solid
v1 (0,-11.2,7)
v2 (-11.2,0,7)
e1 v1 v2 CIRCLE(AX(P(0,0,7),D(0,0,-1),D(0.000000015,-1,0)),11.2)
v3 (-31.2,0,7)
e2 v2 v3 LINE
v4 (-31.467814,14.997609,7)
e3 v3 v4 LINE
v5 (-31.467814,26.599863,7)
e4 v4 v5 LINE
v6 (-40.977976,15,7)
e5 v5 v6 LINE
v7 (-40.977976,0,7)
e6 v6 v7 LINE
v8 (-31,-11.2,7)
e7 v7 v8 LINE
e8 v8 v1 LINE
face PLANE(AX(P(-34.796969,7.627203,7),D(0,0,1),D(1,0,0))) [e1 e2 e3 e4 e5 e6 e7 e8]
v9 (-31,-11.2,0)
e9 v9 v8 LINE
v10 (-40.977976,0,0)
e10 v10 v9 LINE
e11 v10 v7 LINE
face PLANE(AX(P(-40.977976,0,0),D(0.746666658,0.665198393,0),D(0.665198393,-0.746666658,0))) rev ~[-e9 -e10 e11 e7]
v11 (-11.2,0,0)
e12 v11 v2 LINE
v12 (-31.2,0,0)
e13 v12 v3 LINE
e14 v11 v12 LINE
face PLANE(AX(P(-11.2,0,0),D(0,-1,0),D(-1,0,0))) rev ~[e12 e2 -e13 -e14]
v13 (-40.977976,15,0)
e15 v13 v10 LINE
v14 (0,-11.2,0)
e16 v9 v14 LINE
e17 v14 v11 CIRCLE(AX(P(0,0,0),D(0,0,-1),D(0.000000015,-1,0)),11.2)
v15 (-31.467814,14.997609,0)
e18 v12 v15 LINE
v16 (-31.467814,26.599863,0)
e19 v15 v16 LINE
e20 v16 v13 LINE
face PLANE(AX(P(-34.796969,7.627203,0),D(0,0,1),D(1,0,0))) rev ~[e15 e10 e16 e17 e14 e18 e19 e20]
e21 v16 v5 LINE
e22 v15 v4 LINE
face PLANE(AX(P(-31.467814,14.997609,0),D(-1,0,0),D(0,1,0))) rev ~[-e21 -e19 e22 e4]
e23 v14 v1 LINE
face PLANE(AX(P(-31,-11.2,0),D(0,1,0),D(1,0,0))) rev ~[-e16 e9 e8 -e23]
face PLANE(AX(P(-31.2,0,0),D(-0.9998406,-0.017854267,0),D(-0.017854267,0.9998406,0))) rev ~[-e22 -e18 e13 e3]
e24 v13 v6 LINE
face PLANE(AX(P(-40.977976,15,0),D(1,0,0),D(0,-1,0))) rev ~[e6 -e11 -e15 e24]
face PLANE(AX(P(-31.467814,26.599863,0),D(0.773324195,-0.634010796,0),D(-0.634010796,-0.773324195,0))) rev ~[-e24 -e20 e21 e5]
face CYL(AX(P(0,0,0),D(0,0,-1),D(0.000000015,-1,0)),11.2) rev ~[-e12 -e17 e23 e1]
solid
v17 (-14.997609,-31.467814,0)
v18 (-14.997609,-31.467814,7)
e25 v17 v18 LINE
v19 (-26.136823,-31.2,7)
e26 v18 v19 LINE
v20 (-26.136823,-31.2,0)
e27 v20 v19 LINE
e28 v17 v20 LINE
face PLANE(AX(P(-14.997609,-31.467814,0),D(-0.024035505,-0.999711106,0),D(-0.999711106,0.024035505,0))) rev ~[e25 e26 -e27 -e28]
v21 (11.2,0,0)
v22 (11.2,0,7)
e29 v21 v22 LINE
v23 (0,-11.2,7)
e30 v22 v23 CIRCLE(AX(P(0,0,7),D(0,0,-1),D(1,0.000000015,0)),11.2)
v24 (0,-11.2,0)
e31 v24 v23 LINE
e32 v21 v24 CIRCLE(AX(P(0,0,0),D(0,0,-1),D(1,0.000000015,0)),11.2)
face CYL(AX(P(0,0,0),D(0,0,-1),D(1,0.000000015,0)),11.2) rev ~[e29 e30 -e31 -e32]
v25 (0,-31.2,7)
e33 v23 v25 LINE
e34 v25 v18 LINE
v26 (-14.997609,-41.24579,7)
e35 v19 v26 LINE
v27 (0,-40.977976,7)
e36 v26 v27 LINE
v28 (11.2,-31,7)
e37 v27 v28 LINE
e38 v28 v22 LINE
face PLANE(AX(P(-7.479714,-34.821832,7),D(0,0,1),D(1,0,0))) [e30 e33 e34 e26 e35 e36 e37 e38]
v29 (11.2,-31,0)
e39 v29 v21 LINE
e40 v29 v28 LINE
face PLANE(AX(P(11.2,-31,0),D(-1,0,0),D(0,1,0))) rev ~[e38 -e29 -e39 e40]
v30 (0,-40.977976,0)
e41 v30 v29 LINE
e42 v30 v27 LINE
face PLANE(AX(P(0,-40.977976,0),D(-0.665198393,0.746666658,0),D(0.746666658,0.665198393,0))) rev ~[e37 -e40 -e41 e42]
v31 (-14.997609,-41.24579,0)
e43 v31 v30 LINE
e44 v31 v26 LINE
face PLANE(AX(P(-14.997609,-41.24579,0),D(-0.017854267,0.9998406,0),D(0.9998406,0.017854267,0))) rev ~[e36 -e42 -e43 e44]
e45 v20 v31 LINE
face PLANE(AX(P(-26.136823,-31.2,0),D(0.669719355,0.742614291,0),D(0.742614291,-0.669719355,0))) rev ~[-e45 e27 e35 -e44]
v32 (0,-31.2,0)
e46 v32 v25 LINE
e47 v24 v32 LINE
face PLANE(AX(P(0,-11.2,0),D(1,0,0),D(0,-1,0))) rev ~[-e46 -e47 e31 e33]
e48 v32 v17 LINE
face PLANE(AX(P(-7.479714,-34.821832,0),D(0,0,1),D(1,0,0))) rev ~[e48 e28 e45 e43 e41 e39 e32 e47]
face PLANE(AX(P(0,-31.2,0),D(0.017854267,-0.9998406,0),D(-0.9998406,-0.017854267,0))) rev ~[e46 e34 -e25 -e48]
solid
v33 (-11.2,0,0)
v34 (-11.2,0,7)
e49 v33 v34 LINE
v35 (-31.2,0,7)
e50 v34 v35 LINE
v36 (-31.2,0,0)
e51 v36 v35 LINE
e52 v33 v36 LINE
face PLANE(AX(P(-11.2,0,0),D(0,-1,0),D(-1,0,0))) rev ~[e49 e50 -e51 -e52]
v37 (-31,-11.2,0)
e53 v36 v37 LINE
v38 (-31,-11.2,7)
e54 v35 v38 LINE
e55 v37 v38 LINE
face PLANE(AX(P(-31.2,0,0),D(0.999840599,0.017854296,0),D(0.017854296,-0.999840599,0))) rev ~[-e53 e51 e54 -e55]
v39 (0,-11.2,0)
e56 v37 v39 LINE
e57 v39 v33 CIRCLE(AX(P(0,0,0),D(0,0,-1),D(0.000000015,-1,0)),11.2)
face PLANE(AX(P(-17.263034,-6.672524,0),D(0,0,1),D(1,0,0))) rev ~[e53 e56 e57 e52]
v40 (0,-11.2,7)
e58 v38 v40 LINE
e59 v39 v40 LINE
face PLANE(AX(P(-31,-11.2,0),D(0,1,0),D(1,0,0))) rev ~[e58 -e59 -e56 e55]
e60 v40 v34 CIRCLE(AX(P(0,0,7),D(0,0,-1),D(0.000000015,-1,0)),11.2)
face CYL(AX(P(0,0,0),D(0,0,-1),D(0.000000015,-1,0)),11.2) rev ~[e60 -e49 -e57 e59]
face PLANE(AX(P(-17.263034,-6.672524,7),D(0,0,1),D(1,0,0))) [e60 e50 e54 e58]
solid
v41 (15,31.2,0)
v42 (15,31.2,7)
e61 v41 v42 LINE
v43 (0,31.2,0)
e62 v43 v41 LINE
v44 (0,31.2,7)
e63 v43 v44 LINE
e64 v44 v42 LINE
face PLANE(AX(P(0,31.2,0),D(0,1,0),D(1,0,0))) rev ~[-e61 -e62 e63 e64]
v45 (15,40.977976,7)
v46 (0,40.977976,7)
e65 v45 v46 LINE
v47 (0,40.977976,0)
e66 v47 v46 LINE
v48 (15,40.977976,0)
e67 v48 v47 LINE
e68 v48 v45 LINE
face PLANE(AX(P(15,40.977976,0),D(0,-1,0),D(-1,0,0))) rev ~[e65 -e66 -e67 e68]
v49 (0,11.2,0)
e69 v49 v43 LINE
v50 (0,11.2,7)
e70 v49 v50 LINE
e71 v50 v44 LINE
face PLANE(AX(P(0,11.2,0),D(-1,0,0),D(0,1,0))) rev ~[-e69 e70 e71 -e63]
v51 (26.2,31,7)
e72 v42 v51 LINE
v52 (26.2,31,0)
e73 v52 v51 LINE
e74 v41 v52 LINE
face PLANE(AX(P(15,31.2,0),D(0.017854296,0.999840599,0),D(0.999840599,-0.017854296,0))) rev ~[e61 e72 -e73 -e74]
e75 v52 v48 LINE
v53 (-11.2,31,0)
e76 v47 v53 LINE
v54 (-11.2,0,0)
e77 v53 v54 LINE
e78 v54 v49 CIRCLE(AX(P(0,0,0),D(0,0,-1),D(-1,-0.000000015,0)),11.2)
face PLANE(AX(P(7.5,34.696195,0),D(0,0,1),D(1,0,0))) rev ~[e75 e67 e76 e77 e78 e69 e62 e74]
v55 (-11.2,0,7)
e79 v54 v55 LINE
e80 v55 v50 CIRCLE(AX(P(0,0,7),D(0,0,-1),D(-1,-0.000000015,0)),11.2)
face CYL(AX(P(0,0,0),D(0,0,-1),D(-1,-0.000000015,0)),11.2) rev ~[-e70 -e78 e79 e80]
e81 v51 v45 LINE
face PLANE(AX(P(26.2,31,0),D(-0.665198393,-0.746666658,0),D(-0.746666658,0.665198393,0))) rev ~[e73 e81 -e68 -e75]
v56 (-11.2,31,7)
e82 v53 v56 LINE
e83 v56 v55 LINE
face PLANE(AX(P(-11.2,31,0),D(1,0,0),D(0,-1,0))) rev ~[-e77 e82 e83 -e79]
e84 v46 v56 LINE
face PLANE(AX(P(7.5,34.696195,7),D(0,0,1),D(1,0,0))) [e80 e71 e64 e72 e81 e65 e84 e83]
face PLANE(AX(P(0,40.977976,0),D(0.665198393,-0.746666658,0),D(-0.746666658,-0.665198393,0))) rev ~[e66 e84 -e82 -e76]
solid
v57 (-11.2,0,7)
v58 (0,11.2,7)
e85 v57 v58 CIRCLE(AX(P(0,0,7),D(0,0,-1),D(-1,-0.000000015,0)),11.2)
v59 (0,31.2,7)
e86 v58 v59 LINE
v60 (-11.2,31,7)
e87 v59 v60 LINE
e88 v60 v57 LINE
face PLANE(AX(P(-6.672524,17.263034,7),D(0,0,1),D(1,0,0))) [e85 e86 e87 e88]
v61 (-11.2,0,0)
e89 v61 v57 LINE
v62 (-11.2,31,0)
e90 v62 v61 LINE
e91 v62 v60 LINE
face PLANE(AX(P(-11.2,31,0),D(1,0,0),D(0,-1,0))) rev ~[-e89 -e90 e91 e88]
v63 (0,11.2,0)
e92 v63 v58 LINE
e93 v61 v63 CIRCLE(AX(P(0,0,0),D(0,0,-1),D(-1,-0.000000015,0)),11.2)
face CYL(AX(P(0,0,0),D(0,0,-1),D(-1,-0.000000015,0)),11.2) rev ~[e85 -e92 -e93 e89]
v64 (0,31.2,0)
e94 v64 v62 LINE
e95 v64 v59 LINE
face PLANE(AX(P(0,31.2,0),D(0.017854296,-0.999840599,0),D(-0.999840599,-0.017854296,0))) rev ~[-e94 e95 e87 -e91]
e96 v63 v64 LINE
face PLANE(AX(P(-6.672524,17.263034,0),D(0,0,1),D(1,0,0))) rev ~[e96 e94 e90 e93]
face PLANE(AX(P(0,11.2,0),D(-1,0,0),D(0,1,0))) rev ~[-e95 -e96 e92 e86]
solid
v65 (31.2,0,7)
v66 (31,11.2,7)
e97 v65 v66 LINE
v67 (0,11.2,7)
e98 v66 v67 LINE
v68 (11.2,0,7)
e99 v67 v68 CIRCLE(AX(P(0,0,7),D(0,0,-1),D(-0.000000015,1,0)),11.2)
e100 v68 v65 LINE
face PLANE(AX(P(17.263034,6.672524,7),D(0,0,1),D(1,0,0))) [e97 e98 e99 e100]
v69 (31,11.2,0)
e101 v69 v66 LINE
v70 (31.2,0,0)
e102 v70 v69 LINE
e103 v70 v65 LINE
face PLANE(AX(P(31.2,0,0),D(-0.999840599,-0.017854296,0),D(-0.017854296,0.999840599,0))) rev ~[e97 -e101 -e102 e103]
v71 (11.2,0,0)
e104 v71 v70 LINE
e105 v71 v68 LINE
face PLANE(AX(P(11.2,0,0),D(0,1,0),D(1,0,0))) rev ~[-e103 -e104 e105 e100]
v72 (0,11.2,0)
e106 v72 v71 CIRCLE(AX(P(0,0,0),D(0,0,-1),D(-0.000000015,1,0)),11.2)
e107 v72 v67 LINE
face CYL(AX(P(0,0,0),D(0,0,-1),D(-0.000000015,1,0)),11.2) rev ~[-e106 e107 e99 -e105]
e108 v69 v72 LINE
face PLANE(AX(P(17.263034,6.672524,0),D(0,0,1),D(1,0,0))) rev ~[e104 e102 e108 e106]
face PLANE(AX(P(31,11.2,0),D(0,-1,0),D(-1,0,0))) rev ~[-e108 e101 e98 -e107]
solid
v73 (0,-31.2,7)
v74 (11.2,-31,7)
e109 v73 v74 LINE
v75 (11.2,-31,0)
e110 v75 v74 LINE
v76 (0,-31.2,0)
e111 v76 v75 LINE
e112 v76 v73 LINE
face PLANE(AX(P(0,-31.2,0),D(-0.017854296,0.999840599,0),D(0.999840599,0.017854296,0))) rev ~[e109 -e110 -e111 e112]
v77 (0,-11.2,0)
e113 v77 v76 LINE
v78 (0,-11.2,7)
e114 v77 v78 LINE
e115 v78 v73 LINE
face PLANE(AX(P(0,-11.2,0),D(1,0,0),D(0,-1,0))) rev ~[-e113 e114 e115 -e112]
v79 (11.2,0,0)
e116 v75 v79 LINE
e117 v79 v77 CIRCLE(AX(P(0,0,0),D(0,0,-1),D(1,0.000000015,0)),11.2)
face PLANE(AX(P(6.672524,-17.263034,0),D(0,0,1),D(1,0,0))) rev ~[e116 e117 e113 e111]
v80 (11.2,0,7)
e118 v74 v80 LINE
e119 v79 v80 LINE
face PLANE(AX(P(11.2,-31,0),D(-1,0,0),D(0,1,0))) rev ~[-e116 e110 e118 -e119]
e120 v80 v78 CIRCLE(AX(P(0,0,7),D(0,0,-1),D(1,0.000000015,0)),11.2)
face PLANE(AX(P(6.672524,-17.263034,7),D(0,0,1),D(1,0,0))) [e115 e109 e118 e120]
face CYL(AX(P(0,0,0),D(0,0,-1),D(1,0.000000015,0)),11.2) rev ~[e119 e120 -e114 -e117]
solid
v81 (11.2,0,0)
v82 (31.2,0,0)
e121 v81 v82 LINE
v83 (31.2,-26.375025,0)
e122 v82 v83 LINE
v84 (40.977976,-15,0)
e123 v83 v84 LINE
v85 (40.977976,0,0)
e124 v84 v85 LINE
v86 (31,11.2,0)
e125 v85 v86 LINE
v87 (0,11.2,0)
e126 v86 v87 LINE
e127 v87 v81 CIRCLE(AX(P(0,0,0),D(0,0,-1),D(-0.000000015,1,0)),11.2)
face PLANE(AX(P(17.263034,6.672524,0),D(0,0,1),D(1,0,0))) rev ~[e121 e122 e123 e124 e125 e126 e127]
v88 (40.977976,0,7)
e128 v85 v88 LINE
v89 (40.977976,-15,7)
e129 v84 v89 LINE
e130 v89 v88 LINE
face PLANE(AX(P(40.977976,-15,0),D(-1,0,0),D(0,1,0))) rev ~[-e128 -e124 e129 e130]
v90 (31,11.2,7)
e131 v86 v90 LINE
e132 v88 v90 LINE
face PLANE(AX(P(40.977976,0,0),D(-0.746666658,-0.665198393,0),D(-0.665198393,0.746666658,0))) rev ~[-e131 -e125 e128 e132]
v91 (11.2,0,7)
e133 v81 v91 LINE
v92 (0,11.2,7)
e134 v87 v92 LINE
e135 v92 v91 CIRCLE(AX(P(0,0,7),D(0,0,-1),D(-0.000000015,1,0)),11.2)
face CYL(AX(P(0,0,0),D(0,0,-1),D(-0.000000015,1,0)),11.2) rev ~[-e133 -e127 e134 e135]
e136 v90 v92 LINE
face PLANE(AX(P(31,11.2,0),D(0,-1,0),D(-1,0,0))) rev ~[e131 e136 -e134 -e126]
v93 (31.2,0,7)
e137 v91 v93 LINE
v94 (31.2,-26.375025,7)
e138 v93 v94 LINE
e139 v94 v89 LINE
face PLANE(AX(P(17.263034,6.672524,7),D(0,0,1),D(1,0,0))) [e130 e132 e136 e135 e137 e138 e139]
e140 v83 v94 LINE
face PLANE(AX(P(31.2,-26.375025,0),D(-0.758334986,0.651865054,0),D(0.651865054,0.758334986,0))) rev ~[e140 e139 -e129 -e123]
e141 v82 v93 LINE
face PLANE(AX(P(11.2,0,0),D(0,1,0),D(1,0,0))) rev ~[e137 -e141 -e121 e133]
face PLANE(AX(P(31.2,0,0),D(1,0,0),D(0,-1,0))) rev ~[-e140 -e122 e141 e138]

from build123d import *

# Parameters (mm, degrees)
F1_DEPTH = 7
F2_DEPTH = 7


with BuildPart() as f1:
    # F0 (on Top) → F1 (new body)
    with BuildSketch(Plane.XY):
        with BuildLine():
            ThreePointArc((0, 11.2), (7.919596, 7.919596), (11.2, 0))
            Line((11.2, 0), (31.2, 0))
            Line((31.2, 0), (31, 11.2))
            Line((31, 11.2), (0, 11.2))
        make_face()
        with BuildLine():
            Line((11.2, -31), (11.2, 0))
            ThreePointArc((11.2, 0), (7.919596, -7.919596), (0, -11.2))
            Line((0, -11.2), (0, -31.2))
            Line((0, -31.2), (11.2, -31))
        make_face()
        with BuildLine():
            Line((-31, -11.2), (0, -11.2))
            ThreePointArc((0, -11.2), (-7.919596, -7.919596), (-11.2, 0))
            Line((-11.2, 0), (-31.2, 0))
            Line((-31.2, 0), (-31, -11.2))
        make_face()
        with BuildLine():
            ThreePointArc((-11.2, 0), (-7.919596, 7.919596), (0, 11.2))
            Line((0, 11.2), (0, 31.2))
            Line((0, 31.2), (-11.2, 31))
            Line((-11.2, 31), (-11.2, 0))
        make_face()
    extrude(amount=F1_DEPTH)


with BuildPart() as f2:
    # F0 (on Top) → F2 (new body)
    with BuildSketch(Plane.XY):
        Polygon((-11.2, 31), (0, 31.2), (15, 31.2), (26.2, 31), (15, 40.977976), (0, 40.977976), align=None)
        with BuildLine():
            ThreePointArc((-11.2, 0), (-7.919596, 7.919596), (0, 11.2))
            Line((0, 11.2), (0, 31.2))
            Line((0, 31.2), (-11.2, 31))
            Line((-11.2, 31), (-11.2, 0))
        make_face()
        Polygon((-40.977976, 0), (-31, -11.2), (-31.2, 0), (-31.467814, 14.997609), (-31.467814, 26.599863), (-40.977976, 15), align=None)
        with BuildLine():
            Line((-31, -11.2), (0, -11.2))
            ThreePointArc((0, -11.2), (-7.919596, -7.919596), (-11.2, 0))
            Line((-11.2, 0), (-31.2, 0))
            Line((-31.2, 0), (-31, -11.2))
        make_face()
        with BuildLine():
            ThreePointArc((0, 11.2), (7.919596, 7.919596), (11.2, 0))
            Line((11.2, 0), (31.2, 0))
            Line((31.2, 0), (31, 11.2))
            Line((31, 11.2), (0, 11.2))
        make_face()
        Polygon((31, 11.2), (31.2, 0), (31.2, -15), (31.2, -26.375025), (40.977976, -15), (40.977976, 0), align=None)
        Polygon((0, -40.977976), (11.2, -31), (0, -31.2), (-14.997609, -31.467814), (-26.136823, -31.2), (-14.997609, -41.24579), align=None)
        with BuildLine():
            Line((11.2, -31), (11.2, 0))
            ThreePointArc((11.2, 0), (7.919596, -7.919596), (0, -11.2))
            Line((0, -11.2), (0, -31.2))
            Line((0, -31.2), (11.2, -31))
        make_face()
    extrude(amount=F2_DEPTH)


solid = Compound([f1.part, f2.part])
